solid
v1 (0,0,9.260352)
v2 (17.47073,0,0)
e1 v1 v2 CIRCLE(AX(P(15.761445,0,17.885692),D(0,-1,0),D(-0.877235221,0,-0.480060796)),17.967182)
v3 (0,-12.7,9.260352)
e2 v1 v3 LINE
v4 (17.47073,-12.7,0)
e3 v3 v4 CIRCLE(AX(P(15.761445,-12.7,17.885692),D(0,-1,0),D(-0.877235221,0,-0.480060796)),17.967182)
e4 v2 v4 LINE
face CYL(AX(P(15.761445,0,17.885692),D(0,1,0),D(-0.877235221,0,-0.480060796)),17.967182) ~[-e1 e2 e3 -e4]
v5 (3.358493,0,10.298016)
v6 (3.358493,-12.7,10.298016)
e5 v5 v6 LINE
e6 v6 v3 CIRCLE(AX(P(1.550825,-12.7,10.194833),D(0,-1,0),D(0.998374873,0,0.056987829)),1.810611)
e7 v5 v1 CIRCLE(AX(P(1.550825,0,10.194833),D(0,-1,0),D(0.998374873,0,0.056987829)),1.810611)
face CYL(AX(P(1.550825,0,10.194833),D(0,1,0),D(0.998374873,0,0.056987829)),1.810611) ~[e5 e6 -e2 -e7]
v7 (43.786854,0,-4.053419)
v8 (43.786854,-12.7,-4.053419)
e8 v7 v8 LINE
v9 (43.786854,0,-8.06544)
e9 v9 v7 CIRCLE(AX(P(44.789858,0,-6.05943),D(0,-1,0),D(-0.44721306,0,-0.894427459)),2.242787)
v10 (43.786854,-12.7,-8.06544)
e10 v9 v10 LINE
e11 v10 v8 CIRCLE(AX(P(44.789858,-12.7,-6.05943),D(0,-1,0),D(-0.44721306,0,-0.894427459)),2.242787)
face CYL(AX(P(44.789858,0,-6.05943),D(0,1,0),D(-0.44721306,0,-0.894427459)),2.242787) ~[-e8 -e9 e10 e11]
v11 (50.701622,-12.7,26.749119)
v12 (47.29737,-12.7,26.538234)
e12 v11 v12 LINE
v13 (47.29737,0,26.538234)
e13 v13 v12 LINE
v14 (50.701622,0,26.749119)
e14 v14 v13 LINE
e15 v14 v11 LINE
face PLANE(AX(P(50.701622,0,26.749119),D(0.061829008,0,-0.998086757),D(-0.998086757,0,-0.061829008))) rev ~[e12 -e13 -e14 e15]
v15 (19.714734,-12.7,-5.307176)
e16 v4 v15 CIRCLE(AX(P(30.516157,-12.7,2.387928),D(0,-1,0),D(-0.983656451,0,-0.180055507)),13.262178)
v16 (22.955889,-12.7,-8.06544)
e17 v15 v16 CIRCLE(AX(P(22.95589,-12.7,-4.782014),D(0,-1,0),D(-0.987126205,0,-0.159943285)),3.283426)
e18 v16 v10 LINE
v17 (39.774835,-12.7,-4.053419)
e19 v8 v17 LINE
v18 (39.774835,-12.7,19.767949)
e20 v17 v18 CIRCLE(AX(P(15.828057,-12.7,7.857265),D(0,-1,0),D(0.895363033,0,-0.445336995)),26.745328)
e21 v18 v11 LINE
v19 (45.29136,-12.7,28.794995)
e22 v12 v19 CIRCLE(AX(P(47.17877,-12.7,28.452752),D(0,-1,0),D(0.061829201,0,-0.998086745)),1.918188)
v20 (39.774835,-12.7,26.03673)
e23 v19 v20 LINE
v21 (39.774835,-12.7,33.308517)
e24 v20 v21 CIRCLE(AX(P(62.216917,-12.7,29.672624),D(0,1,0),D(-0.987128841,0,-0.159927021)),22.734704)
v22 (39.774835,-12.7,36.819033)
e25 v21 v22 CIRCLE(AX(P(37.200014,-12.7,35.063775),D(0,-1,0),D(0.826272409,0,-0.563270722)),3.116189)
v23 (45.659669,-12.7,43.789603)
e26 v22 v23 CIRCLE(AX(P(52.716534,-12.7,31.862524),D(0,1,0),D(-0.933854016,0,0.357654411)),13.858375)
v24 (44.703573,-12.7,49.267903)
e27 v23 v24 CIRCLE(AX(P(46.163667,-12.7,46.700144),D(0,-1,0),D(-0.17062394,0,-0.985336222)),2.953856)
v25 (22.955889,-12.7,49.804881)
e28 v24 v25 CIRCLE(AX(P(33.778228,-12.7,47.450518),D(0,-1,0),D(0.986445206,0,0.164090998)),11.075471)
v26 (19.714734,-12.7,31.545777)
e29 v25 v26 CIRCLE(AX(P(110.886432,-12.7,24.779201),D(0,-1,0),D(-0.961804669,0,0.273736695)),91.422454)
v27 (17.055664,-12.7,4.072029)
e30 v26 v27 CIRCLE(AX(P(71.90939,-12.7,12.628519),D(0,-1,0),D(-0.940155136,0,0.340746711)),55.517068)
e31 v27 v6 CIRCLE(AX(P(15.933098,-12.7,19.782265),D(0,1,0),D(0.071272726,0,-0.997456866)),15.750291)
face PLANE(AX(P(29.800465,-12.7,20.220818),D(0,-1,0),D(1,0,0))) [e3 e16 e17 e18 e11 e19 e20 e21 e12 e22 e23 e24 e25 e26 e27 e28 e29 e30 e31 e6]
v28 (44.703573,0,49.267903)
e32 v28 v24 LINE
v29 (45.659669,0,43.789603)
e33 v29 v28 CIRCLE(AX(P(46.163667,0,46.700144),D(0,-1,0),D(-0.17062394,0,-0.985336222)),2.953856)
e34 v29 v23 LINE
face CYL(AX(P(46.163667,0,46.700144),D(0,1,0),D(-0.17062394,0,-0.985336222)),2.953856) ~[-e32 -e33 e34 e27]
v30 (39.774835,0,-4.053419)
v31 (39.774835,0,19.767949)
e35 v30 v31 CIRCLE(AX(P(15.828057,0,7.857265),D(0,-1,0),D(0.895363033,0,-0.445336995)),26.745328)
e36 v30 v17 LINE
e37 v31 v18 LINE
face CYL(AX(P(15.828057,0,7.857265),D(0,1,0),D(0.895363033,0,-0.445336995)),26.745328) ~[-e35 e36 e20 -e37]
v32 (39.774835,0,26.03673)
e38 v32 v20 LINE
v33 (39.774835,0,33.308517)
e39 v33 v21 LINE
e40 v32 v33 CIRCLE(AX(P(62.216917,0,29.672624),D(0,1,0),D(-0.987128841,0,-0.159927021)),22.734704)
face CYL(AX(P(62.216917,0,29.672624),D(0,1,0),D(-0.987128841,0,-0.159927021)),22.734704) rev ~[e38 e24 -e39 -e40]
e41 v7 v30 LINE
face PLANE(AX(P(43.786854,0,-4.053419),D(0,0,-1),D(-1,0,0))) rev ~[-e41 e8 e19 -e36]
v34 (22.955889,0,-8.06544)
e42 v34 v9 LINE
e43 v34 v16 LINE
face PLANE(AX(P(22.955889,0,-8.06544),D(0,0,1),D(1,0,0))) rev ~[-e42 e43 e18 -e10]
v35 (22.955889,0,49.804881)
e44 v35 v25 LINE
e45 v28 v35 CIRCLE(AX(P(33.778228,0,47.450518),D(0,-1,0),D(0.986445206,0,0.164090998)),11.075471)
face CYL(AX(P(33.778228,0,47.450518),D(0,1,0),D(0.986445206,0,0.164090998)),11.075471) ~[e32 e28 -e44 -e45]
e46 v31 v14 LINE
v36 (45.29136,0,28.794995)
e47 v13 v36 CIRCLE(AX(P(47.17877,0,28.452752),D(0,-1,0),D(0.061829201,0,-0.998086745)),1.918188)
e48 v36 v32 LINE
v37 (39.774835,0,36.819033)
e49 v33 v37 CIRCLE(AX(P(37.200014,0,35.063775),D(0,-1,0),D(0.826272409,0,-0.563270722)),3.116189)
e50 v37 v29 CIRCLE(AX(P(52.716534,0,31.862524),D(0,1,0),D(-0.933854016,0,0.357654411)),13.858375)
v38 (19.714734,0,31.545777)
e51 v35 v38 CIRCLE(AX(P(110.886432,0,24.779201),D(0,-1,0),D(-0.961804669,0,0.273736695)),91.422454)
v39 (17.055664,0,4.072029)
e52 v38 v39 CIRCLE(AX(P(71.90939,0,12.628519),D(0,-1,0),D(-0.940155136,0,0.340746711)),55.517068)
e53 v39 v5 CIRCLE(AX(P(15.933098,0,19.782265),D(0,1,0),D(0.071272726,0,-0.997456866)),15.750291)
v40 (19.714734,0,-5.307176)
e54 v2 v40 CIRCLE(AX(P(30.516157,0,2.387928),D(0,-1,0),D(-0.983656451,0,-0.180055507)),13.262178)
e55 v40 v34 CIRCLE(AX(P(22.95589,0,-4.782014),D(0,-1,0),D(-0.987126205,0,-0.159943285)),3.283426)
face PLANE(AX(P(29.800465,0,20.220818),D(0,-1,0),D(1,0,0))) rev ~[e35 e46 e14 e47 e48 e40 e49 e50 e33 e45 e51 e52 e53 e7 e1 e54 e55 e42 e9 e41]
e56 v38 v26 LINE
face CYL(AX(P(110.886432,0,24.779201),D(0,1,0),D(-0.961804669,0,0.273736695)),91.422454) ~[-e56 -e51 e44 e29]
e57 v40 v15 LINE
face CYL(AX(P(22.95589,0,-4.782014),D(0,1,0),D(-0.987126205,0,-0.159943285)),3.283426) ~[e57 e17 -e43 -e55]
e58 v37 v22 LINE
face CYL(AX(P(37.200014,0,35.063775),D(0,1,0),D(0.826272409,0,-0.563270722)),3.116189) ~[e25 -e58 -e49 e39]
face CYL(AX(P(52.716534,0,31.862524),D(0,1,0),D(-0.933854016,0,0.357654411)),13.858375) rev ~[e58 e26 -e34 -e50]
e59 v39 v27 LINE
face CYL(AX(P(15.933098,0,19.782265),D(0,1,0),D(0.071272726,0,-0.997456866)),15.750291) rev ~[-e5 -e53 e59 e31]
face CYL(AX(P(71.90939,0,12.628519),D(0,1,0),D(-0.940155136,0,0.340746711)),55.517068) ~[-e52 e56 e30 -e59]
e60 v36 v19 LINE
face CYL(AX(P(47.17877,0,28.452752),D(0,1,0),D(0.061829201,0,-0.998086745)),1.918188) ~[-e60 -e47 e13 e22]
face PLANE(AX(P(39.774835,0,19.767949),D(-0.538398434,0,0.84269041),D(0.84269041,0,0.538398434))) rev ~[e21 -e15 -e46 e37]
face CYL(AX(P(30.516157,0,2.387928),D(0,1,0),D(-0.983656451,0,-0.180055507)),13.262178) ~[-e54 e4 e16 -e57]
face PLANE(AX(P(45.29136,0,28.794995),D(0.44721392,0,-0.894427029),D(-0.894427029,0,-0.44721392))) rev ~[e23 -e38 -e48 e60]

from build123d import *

# Parameters (mm, degrees)
F1_DEPTH = 12.7


with BuildPart() as f1:
    # F0 (on Front) → F1 (new body)
    with BuildSketch(Plane.XZ):
        with BuildLine():
            ThreePointArc((45.659669, 43.789603), (49.07354, 47.207987), (44.703573, 49.267903))
            ThreePointArc((44.703573, 49.267903), (34.051612, 58.522614), (22.955889, 49.804881))
            ThreePointArc((22.955889, 49.804881), (20.871145, 40.757723), (19.714734, 31.545777))
            ThreePointArc((19.714734, 31.545777), (16.650538, 17.976794), (17.055664, 4.072029))
            ThreePointArc((17.055664, 4.072029), (9.415581, 5.443728), (3.358493, 10.298016))
            ThreePointArc((3.358493, 10.298016), (1.016335, 11.924756), (0, 9.260352))
            ThreePointArc((0, 9.260352), (7.346914, 2.010702), (17.47073, 0))
            ThreePointArc((17.47073, 0), (18.301019, -2.776931), (19.714734, -5.307176))
            ThreePointArc((19.714734, -5.307176), (20.827914, -7.282535), (22.955889, -8.06544))
            Line((22.955889, -8.06544), (39.524082, -8.06544))
            Line((39.524082, -8.06544), (43.786854, -8.06544))
            ThreePointArc((43.786854, -8.06544), (47.032645, -6.05943), (43.786854, -4.053419))
            Line((43.786854, -4.053419), (39.774835, -4.053419))
            ThreePointArc((39.774835, -4.053419), (42.573385, 7.857265), (39.774835, 19.767949))
            Line((39.774835, 19.767949), (50.701622, 26.749119))
            Line((50.701622, 26.749119), (47.29737, 26.538234))
            ThreePointArc((47.29737, 26.538234), (48.612442, 29.727127), (45.29136, 28.794995))
            Line((45.29136, 28.794995), (39.774835, 26.03673))
            ThreePointArc((39.774835, 26.03673), (39.482213, 29.672624), (39.774835, 33.308517))
            ThreePointArc((39.774835, 33.308517), (40.316203, 35.063775), (39.774835, 36.819033))
            ThreePointArc((39.774835, 36.819033), (42.127254, 40.802418), (45.659669, 43.789603))
        make_face()
    extrude(amount=F1_DEPTH)


solid = f1.part
